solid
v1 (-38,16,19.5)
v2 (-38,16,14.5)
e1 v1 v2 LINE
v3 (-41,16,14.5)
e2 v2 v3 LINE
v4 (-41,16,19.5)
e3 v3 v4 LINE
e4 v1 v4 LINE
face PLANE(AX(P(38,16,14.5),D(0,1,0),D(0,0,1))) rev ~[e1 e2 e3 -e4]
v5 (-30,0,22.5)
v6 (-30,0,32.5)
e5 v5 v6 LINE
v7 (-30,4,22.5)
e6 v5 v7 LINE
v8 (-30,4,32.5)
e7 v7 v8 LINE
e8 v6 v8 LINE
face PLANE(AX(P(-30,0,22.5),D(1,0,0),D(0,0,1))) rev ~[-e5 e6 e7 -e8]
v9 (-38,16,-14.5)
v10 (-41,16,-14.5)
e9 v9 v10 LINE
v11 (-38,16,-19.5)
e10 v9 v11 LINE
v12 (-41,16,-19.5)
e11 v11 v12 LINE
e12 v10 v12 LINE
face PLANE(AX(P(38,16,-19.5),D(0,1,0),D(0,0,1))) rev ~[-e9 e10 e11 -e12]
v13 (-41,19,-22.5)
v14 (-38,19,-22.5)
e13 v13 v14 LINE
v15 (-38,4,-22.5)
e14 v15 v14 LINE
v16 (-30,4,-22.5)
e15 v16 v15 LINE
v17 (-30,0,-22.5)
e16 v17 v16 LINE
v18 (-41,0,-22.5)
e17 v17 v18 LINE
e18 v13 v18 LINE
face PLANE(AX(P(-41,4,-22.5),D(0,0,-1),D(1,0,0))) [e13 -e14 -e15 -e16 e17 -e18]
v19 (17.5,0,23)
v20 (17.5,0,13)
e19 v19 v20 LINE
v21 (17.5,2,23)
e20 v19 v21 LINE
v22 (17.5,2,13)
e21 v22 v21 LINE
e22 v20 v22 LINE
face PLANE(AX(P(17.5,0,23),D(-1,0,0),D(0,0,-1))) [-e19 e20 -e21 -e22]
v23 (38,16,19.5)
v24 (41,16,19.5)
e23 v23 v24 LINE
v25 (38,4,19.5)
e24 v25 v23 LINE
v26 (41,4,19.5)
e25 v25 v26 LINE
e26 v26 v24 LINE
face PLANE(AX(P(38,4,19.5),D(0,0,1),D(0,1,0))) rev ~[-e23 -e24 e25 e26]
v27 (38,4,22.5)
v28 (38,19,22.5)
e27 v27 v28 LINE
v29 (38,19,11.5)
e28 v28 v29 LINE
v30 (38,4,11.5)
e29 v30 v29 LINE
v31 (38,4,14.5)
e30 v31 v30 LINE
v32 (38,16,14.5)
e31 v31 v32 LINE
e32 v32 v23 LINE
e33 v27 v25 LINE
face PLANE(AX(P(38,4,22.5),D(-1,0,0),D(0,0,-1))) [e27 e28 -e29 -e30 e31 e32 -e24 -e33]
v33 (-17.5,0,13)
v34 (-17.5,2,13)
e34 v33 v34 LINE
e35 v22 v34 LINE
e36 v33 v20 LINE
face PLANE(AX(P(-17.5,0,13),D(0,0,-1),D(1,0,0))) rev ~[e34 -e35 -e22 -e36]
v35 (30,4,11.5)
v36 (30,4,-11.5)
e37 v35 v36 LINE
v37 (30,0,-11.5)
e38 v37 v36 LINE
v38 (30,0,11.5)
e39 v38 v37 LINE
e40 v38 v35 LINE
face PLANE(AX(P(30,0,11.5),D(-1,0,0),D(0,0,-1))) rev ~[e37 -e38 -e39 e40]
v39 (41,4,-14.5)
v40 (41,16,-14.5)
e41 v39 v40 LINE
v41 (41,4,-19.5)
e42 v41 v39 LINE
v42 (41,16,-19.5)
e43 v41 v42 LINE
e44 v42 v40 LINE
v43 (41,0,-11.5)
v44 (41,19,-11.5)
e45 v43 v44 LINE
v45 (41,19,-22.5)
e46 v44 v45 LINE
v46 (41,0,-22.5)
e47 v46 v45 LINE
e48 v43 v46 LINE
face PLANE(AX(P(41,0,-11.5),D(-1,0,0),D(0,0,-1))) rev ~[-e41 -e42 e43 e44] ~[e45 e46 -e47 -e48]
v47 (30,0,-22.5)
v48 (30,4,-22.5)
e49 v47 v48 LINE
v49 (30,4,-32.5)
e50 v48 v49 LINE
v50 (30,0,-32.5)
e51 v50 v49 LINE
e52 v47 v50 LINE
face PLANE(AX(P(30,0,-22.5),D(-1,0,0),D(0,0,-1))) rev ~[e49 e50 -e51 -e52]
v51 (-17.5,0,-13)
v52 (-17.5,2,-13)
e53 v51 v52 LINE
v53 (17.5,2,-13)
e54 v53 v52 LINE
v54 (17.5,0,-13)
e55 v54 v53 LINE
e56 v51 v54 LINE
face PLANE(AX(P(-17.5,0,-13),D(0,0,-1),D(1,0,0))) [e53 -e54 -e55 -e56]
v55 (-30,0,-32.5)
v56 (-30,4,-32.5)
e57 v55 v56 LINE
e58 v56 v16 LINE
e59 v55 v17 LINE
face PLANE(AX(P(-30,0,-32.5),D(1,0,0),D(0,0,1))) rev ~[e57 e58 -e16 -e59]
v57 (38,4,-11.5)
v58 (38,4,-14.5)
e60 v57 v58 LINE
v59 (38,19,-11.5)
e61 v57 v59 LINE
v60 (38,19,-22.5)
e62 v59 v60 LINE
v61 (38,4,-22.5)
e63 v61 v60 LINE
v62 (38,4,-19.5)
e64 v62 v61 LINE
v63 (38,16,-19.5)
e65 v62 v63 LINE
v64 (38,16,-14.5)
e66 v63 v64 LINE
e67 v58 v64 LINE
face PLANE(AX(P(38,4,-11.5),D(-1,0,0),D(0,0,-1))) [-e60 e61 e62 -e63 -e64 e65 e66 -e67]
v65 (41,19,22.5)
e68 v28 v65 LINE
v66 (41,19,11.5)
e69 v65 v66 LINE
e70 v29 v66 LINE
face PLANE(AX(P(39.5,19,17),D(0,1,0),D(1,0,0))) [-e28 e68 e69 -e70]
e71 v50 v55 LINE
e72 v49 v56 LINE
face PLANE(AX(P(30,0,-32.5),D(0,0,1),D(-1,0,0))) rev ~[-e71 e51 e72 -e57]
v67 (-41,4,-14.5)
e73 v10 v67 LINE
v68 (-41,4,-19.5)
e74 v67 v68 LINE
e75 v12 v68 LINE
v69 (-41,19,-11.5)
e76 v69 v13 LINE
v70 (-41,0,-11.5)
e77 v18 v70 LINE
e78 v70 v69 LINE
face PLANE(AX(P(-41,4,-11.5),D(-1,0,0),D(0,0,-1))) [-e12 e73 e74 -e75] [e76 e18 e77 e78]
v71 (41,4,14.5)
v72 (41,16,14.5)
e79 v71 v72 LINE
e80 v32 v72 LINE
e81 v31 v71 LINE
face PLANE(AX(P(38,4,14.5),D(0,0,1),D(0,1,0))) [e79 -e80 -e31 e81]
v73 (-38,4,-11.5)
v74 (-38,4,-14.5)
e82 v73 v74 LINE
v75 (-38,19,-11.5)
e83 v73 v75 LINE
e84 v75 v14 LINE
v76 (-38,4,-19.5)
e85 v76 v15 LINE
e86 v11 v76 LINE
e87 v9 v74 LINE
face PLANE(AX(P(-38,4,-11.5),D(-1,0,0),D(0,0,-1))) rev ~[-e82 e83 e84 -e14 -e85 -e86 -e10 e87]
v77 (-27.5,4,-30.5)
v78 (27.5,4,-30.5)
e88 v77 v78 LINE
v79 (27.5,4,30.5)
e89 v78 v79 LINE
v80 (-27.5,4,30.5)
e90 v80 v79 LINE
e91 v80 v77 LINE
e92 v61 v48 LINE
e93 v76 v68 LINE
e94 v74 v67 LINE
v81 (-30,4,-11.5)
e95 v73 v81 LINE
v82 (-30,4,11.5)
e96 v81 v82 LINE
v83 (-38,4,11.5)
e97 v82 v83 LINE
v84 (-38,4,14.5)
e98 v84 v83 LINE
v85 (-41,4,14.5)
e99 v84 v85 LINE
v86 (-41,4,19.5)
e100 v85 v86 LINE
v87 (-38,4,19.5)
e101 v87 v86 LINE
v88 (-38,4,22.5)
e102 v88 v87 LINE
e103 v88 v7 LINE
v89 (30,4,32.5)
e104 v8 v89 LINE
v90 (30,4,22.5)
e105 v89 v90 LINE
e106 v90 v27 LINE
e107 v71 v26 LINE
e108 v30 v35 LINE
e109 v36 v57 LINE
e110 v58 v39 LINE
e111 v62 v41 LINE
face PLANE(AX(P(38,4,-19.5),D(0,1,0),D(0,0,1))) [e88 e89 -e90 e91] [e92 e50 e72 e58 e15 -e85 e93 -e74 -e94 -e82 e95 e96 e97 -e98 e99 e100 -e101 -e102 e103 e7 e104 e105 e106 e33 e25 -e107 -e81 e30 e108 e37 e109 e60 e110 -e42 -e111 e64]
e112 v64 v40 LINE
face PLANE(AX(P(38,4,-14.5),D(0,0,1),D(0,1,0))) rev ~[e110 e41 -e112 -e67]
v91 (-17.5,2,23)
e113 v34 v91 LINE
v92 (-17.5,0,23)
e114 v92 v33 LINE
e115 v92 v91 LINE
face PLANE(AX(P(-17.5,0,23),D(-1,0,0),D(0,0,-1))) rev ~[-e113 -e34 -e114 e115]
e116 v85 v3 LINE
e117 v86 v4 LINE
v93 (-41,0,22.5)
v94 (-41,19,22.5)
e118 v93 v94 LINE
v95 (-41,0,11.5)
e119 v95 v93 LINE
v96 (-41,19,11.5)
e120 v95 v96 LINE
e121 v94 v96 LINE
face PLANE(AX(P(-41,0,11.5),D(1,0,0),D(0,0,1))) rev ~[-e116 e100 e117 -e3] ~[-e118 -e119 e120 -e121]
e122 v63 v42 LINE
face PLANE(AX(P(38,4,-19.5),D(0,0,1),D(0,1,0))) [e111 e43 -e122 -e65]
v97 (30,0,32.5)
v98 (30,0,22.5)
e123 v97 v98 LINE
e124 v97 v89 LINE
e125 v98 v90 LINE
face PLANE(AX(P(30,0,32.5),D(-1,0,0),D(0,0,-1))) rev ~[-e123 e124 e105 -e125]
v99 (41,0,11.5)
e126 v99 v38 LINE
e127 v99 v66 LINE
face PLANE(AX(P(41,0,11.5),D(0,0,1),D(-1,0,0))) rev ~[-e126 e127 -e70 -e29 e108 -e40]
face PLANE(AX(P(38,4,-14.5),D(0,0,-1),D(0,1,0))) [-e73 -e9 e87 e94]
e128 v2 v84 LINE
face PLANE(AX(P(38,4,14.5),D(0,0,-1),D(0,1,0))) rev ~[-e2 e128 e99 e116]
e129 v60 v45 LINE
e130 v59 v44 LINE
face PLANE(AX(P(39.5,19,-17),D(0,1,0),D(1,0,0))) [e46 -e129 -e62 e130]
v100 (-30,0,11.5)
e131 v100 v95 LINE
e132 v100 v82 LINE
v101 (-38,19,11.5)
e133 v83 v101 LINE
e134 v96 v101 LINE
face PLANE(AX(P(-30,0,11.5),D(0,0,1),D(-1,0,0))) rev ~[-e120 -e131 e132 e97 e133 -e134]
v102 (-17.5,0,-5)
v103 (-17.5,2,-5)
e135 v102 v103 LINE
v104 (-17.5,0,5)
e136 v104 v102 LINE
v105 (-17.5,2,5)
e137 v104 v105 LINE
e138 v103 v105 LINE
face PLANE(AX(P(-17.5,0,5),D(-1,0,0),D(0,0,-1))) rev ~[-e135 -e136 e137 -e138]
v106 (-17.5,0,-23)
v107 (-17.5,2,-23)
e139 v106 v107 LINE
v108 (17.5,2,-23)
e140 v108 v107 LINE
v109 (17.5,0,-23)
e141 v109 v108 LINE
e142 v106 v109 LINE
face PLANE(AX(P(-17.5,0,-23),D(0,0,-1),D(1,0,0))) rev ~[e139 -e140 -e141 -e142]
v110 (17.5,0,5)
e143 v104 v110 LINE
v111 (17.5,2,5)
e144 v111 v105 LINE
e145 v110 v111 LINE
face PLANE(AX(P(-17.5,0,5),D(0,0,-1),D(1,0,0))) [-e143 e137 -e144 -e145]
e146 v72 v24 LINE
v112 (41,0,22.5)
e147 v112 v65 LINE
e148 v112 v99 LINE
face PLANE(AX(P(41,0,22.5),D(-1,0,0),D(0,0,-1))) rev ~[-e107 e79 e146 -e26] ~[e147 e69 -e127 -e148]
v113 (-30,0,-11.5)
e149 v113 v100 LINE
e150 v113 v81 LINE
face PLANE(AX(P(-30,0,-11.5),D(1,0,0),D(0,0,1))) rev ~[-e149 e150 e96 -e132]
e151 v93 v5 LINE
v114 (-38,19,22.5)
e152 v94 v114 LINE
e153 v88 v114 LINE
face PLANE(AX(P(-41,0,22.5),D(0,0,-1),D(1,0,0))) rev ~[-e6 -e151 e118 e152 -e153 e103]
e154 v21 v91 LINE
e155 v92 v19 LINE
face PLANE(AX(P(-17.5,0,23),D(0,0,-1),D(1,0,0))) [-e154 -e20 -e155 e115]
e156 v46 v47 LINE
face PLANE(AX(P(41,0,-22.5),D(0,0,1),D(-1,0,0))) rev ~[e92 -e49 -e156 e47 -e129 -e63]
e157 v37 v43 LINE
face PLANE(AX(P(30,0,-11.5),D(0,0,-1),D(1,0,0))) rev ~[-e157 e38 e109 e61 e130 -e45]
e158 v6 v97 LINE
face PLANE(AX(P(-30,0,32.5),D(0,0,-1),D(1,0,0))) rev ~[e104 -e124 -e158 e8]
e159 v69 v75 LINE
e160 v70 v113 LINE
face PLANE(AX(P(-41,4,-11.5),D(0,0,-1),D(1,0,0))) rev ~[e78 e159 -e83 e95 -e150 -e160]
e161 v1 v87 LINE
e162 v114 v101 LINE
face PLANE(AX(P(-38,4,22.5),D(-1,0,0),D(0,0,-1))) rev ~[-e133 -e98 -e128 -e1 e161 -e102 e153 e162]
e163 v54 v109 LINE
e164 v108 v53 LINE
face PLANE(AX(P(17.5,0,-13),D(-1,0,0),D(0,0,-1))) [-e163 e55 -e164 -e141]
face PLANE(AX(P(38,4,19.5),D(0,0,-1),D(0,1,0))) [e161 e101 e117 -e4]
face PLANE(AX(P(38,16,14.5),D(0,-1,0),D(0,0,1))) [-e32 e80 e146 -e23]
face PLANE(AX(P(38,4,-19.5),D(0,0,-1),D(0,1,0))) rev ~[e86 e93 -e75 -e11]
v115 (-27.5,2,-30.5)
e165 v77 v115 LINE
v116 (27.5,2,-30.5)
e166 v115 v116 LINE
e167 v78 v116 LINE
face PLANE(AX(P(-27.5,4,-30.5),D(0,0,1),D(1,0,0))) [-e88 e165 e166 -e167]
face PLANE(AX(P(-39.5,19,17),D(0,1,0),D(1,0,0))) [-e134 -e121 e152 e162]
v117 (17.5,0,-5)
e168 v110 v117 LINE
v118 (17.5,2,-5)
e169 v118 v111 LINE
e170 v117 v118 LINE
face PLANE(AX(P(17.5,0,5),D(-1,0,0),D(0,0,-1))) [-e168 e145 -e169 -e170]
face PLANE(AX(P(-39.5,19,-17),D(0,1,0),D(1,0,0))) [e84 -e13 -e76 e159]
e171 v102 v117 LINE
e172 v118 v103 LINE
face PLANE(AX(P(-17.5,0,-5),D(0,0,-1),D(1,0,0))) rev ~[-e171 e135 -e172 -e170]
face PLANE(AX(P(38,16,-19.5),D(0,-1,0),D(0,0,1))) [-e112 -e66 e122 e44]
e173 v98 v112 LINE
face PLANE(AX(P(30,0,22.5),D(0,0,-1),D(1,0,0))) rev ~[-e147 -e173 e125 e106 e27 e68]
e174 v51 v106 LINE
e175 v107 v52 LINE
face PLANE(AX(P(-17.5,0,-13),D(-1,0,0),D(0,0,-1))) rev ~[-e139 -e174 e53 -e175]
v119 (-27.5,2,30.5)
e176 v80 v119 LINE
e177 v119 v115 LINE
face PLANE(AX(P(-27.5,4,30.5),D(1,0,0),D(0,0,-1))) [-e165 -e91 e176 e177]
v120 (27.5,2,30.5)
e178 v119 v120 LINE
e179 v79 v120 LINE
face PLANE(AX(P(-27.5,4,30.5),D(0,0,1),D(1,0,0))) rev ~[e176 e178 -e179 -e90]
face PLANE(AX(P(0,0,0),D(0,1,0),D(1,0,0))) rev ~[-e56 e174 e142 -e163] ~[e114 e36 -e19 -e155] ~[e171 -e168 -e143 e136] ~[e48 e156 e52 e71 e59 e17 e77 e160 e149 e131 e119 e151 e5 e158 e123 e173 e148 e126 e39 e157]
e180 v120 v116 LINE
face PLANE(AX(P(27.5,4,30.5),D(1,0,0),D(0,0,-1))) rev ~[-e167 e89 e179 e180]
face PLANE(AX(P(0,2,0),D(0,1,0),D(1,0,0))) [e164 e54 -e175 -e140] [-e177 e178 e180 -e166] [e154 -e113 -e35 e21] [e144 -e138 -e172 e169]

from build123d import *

# Parameters (mm, degrees)
SALIENTE_EXTRUIR1_DEPTH    = 4
CROQUIS2_W                 = 55
CROQUIS2_H                 = 61
CORTAR_EXTRUIR1_DEPTH      = 2
CROQUIS12_W                = 3
CROQUIS12_H                = 11
SALIENTE_EXTRUIR2_DEPTH    = 15
CROQUIS13_W                = 5
CROQUIS13_H                = 12
CORTAR_EXTRUIR8_DEPTH      = 80
CORTAR_EXTRUIR8_DEPTH_BACK = 4
CROQUIS14_W                = 5
CROQUIS14_H                = 12
CORTAR_EXTRUIR9_DEPTH      = 80
CORTAR_EXTRUIR9_DEPTH_BACK = 4
CROQUIS15_W                = 35
CROQUIS15_H                = 10
CORTAR_EXTRUIR10_DEPTH     = 20


with BuildPart() as part:
    # Croquis1 → Saliente-Extruir1 (new body)
    with BuildSketch(Plane(origin=(0, 0, 0), x_dir=(1, 0, 0), z_dir=(0, 1, 0))):
        Polygon((30, -32.5), (30, -22.5), (41, -22.5), (41, -11.5), (30, -11.5), (30, 11.5), (41, 11.5), (41, 22.5), (30, 22.5), (30, 32.5), (-30, 32.5), (-30, 22.5), (-41, 22.5), (-41, 11.5), (-30, 11.5), (-30, -11.5), (-41, -11.5), (-41, -22.5), (-30, -22.5), (-30, -32.5), align=None)
    extrude(amount=SALIENTE_EXTRUIR1_DEPTH)

    # Croquis2 → Cortar-Extruir1 (cut)
    with BuildSketch(Plane(origin=(0, 4, 0), x_dir=(1, 0, 0), z_dir=(0, 1, 0))):
        Rectangle(CROQUIS2_W, CROQUIS2_H)
    extrude(amount=-CORTAR_EXTRUIR1_DEPTH, mode=Mode.SUBTRACT)

    # Croquis12 → Saliente-Extruir2 (add)
    with BuildSketch(Plane(origin=(0, 4, 0), x_dir=(1, 0, 0), z_dir=(0, 1, 0))):
        with Locations((-39.5, 17)):
            Rectangle(CROQUIS12_W, CROQUIS12_H)
        with Locations((-39.5, -17)):
            Rectangle(CROQUIS12_W, CROQUIS12_H)
        with Locations((39.5, -17)):
            Rectangle(CROQUIS12_W, CROQUIS12_H)
        with Locations((39.5, 17)):
            Rectangle(CROQUIS12_W, CROQUIS12_H)
    extrude(amount=SALIENTE_EXTRUIR2_DEPTH)

    # Croquis13 → Cortar-Extruir8 (cut, two sides)
    with BuildSketch(Plane.ZY.offset(-38)) as cortar_extruir8_sk:
        with Locations((-17, 10)):
            Rectangle(CROQUIS13_W, CROQUIS13_H)
    extrude(amount=CORTAR_EXTRUIR8_DEPTH, mode=Mode.SUBTRACT)
    extrude(cortar_extruir8_sk.sketch, amount=-CORTAR_EXTRUIR8_DEPTH_BACK, mode=Mode.SUBTRACT)

    # Croquis14 → Cortar-Extruir9 (cut, two sides)
    with BuildSketch(Plane.ZY.offset(-38)) as cortar_extruir9_sk:
        with Locations((17, 10)):
            Rectangle(CROQUIS14_W, CROQUIS14_H)
    extrude(amount=CORTAR_EXTRUIR9_DEPTH, mode=Mode.SUBTRACT)
    extrude(cortar_extruir9_sk.sketch, amount=-CORTAR_EXTRUIR9_DEPTH_BACK, mode=Mode.SUBTRACT)

    # Croquis15 → Cortar-Extruir10 (cut, through all)
    with BuildSketch(Plane(origin=(0, 0, 0), x_dir=(1, 0, 0), z_dir=(0, 1, 0))):
        Rectangle(CROQUIS15_W, CROQUIS15_H)
        with Locations((0, -18)):
            Rectangle(CROQUIS15_W, CROQUIS15_H)
        with Locations((0, 18)):
            Rectangle(CROQUIS15_W, CROQUIS15_H)
    extrude(amount=CORTAR_EXTRUIR10_DEPTH, mode=Mode.SUBTRACT)


solid = part.part
